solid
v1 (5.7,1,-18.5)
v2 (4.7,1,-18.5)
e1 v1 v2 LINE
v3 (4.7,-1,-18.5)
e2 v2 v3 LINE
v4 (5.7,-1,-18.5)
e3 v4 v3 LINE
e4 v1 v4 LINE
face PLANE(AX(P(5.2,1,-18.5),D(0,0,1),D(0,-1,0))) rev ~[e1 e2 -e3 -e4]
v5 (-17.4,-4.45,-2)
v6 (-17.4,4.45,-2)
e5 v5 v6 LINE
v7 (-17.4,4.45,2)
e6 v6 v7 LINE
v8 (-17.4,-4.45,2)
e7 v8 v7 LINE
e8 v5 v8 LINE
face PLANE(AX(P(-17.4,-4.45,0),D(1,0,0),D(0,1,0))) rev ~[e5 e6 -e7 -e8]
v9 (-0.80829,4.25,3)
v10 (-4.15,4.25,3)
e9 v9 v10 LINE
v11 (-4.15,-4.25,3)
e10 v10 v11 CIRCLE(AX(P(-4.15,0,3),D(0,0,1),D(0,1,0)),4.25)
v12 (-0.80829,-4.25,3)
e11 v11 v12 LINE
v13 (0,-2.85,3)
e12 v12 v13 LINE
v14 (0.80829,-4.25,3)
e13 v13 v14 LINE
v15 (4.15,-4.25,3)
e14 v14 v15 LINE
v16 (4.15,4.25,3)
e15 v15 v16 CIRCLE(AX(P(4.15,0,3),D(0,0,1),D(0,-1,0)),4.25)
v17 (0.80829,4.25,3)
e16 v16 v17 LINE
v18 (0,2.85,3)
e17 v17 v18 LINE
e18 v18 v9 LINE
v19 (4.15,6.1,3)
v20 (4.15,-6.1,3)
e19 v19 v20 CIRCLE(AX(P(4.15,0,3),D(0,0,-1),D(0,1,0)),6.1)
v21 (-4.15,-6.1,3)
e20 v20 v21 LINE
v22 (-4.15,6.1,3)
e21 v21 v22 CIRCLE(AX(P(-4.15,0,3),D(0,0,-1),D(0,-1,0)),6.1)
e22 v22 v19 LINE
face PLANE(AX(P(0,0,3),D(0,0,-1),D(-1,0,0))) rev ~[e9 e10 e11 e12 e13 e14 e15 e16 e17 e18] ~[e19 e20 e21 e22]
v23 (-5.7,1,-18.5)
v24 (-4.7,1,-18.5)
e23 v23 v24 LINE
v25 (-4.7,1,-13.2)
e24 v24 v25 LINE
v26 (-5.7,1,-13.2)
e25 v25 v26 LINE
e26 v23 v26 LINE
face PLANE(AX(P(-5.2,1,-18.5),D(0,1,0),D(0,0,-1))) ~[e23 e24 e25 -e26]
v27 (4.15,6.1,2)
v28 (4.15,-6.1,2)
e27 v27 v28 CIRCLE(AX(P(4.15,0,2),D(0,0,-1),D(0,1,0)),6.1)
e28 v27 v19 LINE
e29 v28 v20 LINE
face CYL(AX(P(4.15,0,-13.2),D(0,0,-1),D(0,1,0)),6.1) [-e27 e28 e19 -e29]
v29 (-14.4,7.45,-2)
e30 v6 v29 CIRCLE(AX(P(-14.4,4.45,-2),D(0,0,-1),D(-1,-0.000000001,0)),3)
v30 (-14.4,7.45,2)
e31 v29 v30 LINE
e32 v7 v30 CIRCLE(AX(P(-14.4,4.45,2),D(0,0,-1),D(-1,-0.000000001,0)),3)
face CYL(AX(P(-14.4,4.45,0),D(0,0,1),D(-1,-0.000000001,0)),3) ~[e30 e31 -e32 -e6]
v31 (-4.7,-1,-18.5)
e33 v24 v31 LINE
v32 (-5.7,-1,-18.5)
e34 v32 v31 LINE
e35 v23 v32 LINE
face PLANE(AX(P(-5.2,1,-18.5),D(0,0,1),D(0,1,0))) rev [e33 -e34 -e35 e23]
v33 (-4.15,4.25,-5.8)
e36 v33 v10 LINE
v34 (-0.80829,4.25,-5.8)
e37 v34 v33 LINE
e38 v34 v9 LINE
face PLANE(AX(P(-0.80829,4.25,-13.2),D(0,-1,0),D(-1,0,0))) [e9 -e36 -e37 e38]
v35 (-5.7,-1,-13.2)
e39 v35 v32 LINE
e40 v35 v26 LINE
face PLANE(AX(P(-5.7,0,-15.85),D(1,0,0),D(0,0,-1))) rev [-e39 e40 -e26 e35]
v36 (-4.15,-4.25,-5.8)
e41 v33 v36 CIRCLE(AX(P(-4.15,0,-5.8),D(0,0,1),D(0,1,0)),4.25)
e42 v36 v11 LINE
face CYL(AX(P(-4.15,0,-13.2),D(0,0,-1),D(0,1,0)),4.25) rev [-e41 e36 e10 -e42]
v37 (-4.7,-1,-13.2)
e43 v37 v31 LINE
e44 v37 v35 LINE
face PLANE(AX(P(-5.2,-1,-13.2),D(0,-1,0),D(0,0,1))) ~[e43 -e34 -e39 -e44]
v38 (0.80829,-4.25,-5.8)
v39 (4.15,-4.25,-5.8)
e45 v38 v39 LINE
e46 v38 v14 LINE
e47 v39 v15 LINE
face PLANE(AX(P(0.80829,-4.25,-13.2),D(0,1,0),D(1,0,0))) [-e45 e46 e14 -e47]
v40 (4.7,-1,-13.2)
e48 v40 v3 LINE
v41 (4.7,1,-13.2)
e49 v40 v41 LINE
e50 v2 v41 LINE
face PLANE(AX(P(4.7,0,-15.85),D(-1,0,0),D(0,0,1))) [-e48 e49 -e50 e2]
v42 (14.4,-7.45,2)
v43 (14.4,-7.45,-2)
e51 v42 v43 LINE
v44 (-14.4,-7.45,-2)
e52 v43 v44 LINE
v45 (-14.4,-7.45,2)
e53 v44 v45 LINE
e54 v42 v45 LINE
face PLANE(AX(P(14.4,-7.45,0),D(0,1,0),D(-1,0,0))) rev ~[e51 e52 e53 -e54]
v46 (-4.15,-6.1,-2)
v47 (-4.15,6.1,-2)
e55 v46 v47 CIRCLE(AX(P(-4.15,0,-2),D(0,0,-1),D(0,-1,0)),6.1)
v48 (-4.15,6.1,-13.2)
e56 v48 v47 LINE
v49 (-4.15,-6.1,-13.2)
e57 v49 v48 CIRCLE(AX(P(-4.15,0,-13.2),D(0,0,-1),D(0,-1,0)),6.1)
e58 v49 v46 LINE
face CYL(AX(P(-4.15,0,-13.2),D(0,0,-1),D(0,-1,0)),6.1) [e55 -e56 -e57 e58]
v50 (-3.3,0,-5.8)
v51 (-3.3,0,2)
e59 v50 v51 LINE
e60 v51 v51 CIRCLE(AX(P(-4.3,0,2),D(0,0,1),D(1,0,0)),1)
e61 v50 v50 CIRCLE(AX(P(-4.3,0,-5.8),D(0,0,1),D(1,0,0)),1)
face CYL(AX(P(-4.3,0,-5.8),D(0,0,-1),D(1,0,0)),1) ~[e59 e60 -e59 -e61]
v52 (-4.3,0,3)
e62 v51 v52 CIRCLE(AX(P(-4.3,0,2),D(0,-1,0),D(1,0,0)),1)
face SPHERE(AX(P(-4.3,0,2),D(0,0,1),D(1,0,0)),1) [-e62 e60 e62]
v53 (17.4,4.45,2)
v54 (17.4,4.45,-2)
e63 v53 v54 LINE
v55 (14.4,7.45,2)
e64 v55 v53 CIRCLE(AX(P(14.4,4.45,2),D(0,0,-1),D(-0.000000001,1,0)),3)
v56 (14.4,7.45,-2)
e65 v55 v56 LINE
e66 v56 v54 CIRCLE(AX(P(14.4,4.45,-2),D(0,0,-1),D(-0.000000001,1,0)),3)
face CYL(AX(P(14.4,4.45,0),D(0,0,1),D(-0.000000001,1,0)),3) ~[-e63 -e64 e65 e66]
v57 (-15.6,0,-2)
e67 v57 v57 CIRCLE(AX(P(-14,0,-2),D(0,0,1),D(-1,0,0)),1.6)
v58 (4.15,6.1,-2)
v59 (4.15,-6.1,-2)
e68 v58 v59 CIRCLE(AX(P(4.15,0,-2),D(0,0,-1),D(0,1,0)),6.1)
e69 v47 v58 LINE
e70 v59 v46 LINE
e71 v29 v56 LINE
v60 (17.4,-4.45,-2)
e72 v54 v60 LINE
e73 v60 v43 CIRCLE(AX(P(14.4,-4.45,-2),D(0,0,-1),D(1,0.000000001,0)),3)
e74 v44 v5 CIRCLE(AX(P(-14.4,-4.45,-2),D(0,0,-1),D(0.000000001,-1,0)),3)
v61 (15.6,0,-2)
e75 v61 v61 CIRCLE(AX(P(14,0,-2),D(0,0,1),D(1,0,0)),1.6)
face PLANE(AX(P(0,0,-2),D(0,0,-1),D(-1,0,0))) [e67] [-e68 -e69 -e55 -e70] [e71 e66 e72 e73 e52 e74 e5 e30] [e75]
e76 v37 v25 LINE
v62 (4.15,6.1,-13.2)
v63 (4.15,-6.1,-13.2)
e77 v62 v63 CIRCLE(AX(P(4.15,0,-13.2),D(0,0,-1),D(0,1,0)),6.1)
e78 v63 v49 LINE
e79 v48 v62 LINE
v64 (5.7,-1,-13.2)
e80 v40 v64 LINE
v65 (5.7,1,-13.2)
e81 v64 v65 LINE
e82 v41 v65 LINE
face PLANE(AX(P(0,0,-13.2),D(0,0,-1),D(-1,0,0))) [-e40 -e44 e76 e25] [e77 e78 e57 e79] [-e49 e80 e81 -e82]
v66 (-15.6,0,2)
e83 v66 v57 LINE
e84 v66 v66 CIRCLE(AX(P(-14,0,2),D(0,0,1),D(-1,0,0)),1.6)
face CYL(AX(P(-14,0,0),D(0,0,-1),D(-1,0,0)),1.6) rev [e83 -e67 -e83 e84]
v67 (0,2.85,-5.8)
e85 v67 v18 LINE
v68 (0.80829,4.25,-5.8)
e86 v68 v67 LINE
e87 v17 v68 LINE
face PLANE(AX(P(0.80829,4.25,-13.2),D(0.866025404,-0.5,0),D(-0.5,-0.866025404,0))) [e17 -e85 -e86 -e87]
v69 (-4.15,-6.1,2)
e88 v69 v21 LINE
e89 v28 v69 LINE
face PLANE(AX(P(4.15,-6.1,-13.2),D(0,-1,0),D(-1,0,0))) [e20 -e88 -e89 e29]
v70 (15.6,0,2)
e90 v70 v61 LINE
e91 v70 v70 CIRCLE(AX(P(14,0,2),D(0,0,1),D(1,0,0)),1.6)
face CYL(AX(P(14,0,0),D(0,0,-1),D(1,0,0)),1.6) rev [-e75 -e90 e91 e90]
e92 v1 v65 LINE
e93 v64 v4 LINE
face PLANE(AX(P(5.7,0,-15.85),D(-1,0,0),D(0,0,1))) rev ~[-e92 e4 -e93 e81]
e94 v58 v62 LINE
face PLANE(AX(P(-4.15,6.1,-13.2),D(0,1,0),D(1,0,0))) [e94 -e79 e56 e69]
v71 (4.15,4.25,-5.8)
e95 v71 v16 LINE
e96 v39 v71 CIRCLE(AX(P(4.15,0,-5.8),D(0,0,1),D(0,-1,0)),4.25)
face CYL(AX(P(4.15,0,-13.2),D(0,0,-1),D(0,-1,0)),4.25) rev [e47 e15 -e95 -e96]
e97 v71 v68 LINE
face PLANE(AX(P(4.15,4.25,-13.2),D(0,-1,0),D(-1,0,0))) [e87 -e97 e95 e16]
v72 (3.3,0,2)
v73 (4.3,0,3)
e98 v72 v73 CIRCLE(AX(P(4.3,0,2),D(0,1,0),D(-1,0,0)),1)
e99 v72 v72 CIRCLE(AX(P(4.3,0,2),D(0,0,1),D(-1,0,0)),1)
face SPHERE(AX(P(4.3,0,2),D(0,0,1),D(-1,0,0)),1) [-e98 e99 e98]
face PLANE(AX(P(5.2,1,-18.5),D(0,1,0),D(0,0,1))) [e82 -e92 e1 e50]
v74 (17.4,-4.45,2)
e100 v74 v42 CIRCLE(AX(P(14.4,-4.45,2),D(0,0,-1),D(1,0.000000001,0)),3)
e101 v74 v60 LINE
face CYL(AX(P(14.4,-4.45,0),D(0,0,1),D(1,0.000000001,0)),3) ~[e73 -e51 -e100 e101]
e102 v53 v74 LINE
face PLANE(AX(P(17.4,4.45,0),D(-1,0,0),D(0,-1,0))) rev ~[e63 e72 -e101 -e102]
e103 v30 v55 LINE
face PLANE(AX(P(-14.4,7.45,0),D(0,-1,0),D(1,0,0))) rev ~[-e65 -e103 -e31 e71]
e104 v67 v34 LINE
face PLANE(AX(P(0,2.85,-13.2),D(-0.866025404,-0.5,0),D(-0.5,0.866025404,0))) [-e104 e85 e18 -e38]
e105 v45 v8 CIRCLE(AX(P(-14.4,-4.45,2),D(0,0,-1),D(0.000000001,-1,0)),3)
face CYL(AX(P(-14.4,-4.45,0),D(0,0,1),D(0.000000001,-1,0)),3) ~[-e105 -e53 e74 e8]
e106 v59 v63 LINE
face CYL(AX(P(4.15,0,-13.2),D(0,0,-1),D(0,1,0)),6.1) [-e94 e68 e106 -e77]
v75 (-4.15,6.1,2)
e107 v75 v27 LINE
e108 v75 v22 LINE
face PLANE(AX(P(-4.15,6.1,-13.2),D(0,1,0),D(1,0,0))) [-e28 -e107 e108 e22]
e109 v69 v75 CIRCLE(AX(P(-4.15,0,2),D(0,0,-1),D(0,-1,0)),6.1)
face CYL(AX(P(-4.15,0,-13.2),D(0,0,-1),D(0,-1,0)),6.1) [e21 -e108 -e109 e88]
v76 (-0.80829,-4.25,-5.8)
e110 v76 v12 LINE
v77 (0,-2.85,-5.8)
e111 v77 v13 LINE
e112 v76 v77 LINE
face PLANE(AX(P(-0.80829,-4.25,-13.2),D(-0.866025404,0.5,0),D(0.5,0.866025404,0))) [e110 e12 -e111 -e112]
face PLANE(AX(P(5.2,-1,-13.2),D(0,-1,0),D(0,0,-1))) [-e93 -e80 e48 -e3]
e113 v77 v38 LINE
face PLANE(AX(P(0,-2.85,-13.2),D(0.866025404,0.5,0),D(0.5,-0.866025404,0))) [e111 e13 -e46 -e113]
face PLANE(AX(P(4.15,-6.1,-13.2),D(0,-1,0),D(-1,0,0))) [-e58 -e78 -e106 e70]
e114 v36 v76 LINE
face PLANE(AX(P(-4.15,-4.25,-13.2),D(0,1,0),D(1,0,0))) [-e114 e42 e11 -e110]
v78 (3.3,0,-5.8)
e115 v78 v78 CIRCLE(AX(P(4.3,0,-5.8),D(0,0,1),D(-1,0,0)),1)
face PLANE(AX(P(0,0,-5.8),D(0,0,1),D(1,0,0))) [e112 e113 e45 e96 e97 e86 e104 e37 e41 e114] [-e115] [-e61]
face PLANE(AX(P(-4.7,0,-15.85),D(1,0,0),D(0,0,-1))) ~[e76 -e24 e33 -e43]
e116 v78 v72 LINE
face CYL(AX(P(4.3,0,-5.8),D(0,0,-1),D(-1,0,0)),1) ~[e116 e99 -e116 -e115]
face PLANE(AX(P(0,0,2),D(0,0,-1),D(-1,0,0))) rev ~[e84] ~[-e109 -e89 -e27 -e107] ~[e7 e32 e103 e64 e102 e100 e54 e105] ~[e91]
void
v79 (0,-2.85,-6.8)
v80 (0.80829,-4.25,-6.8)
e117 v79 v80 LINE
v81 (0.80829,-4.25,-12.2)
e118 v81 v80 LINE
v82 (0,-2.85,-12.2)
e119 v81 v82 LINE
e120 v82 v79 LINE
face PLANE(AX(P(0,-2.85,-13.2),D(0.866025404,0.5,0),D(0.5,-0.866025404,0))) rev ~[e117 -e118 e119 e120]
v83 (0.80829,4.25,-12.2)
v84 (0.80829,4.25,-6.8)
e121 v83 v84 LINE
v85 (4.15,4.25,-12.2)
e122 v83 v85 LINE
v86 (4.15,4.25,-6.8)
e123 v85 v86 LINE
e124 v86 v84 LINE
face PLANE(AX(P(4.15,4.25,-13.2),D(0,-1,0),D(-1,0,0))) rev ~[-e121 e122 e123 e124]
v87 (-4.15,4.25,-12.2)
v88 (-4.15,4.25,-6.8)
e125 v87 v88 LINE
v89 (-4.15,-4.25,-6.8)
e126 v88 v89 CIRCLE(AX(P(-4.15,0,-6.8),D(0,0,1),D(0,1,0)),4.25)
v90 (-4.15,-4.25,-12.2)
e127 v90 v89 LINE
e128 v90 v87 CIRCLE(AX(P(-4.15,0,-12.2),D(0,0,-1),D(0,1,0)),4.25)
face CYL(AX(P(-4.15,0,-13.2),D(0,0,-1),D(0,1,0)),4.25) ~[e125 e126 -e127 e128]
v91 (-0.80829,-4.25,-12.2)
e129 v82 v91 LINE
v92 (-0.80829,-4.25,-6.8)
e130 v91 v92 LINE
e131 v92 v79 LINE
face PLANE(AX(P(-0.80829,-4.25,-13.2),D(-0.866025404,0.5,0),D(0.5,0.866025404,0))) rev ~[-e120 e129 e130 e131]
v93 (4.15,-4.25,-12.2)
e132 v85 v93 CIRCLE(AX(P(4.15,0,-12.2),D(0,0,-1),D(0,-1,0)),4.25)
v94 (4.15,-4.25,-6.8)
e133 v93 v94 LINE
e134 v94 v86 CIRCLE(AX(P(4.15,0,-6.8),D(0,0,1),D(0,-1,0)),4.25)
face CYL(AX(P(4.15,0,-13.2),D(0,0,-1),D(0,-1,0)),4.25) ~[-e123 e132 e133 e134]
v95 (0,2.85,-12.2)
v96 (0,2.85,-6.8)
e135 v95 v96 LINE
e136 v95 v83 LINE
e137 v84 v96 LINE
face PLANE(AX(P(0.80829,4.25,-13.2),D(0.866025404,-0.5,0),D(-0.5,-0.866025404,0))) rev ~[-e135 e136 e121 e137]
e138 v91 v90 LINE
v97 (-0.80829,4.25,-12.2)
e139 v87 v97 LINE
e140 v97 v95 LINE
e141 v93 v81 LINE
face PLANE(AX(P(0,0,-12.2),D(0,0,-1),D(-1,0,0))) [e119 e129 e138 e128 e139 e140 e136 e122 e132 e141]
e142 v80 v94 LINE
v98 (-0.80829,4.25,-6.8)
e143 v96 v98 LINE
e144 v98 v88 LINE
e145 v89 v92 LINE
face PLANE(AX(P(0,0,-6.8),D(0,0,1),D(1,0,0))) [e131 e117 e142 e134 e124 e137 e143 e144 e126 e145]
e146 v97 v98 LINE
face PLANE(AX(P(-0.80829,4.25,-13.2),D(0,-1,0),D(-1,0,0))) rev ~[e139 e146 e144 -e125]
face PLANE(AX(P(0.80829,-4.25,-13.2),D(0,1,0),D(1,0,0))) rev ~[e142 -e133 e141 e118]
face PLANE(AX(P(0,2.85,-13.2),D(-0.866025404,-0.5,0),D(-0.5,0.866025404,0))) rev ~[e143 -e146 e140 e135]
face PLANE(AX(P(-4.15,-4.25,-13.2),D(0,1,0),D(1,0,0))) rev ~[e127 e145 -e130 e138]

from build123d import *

# Parameters (mm, degrees)
SKETCH1_R                = 1.6
BOSS_EXTRUDE1_DEPTH      = 2
BOSS_EXTRUDE2_DEPTH      = 1
BOSS_EXTRUDE2_DEPTH_BACK = 15.2
BOSS_EXTRUDE3_START      = -9.8
BOSS_EXTRUDE3_DEPTH      = 1
BOSS_EXTRUDE4_START      = 5.2
BOSS_EXTRUDE4_DEPTH      = 0.5
BOSS_EXTRUDE6_DEPTH      = 1
SKETCH6_R                = 1
BOSS_EXTRUDE7_DEPTH      = 8.8
FILLET1_R                = 1


with BuildPart() as part:
    # Sketch1 → Boss-Extrude1 (new, symmetric)
    with BuildSketch(Plane.XY):
        with BuildLine():
            Line((-14.4, 7.45), (14.4, 7.45))
            ThreePointArc((14.4, 7.45), (16.521320344, 6.571320344), (17.4, 4.45))
            Line((17.4, 4.45), (17.4, -4.45))
            ThreePointArc((17.4, -4.45), (16.521320344, -6.571320344), (14.4, -7.45))
            Line((14.4, -7.45), (-14.4, -7.45))
            ThreePointArc((-14.4, -7.45), (-16.521320344, -6.571320344), (-17.4, -4.45))
            Line((-17.4, -4.45), (-17.4, 4.45))
            ThreePointArc((-17.4, 4.45), (-16.521320344, 6.571320344), (-14.4, 7.45))
        make_face()
        with Locations((14, 0)):
            Circle(SKETCH1_R, mode=Mode.SUBTRACT)
        with Locations(Location((-14, 0, 0), (0, 0, 180))):
            Circle(SKETCH1_R, mode=Mode.SUBTRACT)
        with BuildLine():
            Line((-4.15, 4.25), (-0.808290377, 4.25))
            Line((-0.808290377, 4.25), (0, 2.85))
            Line((0, 2.85), (0.808290377, 4.25))
            Line((0.808290377, 4.25), (4.15, 4.25))
            ThreePointArc((4.15, 4.25), (8.4, 0), (4.15, -4.25))
            Line((4.15, -4.25), (0.808290377, -4.25))
            Line((0.808290377, -4.25), (0, -2.85))
            Line((0, -2.85), (-0.808290377, -4.25))
            Line((-0.808290377, -4.25), (-4.15, -4.25))
            ThreePointArc((-4.15, -4.25), (-8.4, 0), (-4.15, 4.25))
        make_face(mode=Mode.SUBTRACT)
    extrude(amount=BOSS_EXTRUDE1_DEPTH, both=True)

    # Sketch2 → Boss-Extrude2 (add, two sides: drawn at the far end of the back side and taken through both)
    with BuildSketch(Plane.XY.offset(2).offset(-BOSS_EXTRUDE2_DEPTH_BACK)):
        with BuildLine():
            Line((-4.15, 6.1), (4.15, 6.1))
            ThreePointArc((4.15, 6.1), (10.25, 0), (4.15, -6.1))
            Line((4.15, -6.1), (-4.15, -6.1))
            ThreePointArc((-4.15, -6.1), (-10.25, 0), (-4.15, 6.1))
        make_face()
        with BuildLine():
            Line((0.808290377, 4.25), (0, 2.85))
            Line((0, 2.85), (-0.808290377, 4.25))
            Line((-0.808290377, 4.25), (-4.15, 4.25))
            ThreePointArc((-4.15, 4.25), (-8.4, 0), (-4.15, -4.25))
            Line((-4.15, -4.25), (-0.808290377, -4.25))
            Line((-0.808290377, -4.25), (0, -2.85))
            Line((0, -2.85), (0.808290377, -4.25))
            Line((0.808290377, -4.25), (4.15, -4.25))
            ThreePointArc((4.15, -4.25), (8.4, 0), (4.15, 4.25))
            Line((4.15, 4.25), (0.808290377, 4.25))
        make_face(mode=Mode.SUBTRACT)
    extrude(amount=BOSS_EXTRUDE2_DEPTH + BOSS_EXTRUDE2_DEPTH_BACK)

    # Sketch3 → Boss-Extrude3 (add)
    with BuildSketch(Plane.XY.offset(3).offset(BOSS_EXTRUDE3_START)):
        with BuildLine():
            Line((0.808290377, 4.25), (0, 2.85))
            Line((0, 2.85), (-0.808290377, 4.25))
            Line((-0.808290377, 4.25), (-4.15, 4.25))
            ThreePointArc((-4.15, 4.25), (-8.4, 0), (-4.15, -4.25))
            Line((-4.15, -4.25), (-0.808290377, -4.25))
            Line((-0.808290377, -4.25), (0, -2.85))
            Line((0, -2.85), (0.808290377, -4.25))
            Line((0.808290377, -4.25), (4.15, -4.25))
            ThreePointArc((4.15, -4.25), (8.4, 0), (4.15, 4.25))
            Line((4.15, 4.25), (0.808290377, 4.25))
        make_face()
    extrude(amount=BOSS_EXTRUDE3_DEPTH)



with BuildPart() as body_2:
    # Sketch4 → Boss-Extrude4 (new, symmetric)
    with BuildSketch(Plane(origin=(0, 0, 0), x_dir=(0, 0, -1), z_dir=(1, 0, 0)).offset(BOSS_EXTRUDE4_START)):
        Polygon((13.2, 1), (15.8, 1), (18.5, 1), (18.5, -1), (13.8, -1), (13.2, -1), align=None)
    boss_extrude4 = extrude(amount=BOSS_EXTRUDE4_DEPTH, both=True)


with BuildPart() as part_1:
    add(part.part)

    add(body_2.part)  # Boss-Extrude6 merges body 2
    # Sketch5 → Boss-Extrude6 (add)
    with BuildSketch(Plane(origin=(0, 0, -13.2), x_dir=(-1, 0, 0), z_dir=(0, 0, -1))):
        with BuildLine():
            Line((4.15, 6.1), (-4.15, 6.1))
            ThreePointArc((-4.15, 6.1), (-10.25, 0), (-4.15, -6.1))
            Line((-4.15, -6.1), (4.15, -6.1))
            ThreePointArc((4.15, -6.1), (10.25, 0), (4.15, 6.1))
        make_face()
    extrude(amount=-BOSS_EXTRUDE6_DEPTH)

    # Mirror2: Boss-Extrude4 across plane
    add(boss_extrude4.mirror(Plane(origin=(0, 0, 0), x_dir=(0, 0, 1), z_dir=(1, 0, 0))))

    # Sketch6 → Boss-Extrude7 (add)
    with BuildSketch(Plane.XY.offset(-5.8)):
        with Locations((-4.3, 0)):
            Circle(SKETCH6_R)
        with Locations(Location((4.3, 0, 0), (0, 0, 180))):
            Circle(SKETCH6_R)
    extrude(amount=BOSS_EXTRUDE7_DEPTH)

    # Fillet1
    fillet1_edges = [part_1.edges().sort_by_distance(p)[0] for p in [
        (-5.3, 0, 3),
        (5.3, 0, 3),
    ]]
    fillet(fillet1_edges, radius=FILLET1_R)


solid = part_1.part
